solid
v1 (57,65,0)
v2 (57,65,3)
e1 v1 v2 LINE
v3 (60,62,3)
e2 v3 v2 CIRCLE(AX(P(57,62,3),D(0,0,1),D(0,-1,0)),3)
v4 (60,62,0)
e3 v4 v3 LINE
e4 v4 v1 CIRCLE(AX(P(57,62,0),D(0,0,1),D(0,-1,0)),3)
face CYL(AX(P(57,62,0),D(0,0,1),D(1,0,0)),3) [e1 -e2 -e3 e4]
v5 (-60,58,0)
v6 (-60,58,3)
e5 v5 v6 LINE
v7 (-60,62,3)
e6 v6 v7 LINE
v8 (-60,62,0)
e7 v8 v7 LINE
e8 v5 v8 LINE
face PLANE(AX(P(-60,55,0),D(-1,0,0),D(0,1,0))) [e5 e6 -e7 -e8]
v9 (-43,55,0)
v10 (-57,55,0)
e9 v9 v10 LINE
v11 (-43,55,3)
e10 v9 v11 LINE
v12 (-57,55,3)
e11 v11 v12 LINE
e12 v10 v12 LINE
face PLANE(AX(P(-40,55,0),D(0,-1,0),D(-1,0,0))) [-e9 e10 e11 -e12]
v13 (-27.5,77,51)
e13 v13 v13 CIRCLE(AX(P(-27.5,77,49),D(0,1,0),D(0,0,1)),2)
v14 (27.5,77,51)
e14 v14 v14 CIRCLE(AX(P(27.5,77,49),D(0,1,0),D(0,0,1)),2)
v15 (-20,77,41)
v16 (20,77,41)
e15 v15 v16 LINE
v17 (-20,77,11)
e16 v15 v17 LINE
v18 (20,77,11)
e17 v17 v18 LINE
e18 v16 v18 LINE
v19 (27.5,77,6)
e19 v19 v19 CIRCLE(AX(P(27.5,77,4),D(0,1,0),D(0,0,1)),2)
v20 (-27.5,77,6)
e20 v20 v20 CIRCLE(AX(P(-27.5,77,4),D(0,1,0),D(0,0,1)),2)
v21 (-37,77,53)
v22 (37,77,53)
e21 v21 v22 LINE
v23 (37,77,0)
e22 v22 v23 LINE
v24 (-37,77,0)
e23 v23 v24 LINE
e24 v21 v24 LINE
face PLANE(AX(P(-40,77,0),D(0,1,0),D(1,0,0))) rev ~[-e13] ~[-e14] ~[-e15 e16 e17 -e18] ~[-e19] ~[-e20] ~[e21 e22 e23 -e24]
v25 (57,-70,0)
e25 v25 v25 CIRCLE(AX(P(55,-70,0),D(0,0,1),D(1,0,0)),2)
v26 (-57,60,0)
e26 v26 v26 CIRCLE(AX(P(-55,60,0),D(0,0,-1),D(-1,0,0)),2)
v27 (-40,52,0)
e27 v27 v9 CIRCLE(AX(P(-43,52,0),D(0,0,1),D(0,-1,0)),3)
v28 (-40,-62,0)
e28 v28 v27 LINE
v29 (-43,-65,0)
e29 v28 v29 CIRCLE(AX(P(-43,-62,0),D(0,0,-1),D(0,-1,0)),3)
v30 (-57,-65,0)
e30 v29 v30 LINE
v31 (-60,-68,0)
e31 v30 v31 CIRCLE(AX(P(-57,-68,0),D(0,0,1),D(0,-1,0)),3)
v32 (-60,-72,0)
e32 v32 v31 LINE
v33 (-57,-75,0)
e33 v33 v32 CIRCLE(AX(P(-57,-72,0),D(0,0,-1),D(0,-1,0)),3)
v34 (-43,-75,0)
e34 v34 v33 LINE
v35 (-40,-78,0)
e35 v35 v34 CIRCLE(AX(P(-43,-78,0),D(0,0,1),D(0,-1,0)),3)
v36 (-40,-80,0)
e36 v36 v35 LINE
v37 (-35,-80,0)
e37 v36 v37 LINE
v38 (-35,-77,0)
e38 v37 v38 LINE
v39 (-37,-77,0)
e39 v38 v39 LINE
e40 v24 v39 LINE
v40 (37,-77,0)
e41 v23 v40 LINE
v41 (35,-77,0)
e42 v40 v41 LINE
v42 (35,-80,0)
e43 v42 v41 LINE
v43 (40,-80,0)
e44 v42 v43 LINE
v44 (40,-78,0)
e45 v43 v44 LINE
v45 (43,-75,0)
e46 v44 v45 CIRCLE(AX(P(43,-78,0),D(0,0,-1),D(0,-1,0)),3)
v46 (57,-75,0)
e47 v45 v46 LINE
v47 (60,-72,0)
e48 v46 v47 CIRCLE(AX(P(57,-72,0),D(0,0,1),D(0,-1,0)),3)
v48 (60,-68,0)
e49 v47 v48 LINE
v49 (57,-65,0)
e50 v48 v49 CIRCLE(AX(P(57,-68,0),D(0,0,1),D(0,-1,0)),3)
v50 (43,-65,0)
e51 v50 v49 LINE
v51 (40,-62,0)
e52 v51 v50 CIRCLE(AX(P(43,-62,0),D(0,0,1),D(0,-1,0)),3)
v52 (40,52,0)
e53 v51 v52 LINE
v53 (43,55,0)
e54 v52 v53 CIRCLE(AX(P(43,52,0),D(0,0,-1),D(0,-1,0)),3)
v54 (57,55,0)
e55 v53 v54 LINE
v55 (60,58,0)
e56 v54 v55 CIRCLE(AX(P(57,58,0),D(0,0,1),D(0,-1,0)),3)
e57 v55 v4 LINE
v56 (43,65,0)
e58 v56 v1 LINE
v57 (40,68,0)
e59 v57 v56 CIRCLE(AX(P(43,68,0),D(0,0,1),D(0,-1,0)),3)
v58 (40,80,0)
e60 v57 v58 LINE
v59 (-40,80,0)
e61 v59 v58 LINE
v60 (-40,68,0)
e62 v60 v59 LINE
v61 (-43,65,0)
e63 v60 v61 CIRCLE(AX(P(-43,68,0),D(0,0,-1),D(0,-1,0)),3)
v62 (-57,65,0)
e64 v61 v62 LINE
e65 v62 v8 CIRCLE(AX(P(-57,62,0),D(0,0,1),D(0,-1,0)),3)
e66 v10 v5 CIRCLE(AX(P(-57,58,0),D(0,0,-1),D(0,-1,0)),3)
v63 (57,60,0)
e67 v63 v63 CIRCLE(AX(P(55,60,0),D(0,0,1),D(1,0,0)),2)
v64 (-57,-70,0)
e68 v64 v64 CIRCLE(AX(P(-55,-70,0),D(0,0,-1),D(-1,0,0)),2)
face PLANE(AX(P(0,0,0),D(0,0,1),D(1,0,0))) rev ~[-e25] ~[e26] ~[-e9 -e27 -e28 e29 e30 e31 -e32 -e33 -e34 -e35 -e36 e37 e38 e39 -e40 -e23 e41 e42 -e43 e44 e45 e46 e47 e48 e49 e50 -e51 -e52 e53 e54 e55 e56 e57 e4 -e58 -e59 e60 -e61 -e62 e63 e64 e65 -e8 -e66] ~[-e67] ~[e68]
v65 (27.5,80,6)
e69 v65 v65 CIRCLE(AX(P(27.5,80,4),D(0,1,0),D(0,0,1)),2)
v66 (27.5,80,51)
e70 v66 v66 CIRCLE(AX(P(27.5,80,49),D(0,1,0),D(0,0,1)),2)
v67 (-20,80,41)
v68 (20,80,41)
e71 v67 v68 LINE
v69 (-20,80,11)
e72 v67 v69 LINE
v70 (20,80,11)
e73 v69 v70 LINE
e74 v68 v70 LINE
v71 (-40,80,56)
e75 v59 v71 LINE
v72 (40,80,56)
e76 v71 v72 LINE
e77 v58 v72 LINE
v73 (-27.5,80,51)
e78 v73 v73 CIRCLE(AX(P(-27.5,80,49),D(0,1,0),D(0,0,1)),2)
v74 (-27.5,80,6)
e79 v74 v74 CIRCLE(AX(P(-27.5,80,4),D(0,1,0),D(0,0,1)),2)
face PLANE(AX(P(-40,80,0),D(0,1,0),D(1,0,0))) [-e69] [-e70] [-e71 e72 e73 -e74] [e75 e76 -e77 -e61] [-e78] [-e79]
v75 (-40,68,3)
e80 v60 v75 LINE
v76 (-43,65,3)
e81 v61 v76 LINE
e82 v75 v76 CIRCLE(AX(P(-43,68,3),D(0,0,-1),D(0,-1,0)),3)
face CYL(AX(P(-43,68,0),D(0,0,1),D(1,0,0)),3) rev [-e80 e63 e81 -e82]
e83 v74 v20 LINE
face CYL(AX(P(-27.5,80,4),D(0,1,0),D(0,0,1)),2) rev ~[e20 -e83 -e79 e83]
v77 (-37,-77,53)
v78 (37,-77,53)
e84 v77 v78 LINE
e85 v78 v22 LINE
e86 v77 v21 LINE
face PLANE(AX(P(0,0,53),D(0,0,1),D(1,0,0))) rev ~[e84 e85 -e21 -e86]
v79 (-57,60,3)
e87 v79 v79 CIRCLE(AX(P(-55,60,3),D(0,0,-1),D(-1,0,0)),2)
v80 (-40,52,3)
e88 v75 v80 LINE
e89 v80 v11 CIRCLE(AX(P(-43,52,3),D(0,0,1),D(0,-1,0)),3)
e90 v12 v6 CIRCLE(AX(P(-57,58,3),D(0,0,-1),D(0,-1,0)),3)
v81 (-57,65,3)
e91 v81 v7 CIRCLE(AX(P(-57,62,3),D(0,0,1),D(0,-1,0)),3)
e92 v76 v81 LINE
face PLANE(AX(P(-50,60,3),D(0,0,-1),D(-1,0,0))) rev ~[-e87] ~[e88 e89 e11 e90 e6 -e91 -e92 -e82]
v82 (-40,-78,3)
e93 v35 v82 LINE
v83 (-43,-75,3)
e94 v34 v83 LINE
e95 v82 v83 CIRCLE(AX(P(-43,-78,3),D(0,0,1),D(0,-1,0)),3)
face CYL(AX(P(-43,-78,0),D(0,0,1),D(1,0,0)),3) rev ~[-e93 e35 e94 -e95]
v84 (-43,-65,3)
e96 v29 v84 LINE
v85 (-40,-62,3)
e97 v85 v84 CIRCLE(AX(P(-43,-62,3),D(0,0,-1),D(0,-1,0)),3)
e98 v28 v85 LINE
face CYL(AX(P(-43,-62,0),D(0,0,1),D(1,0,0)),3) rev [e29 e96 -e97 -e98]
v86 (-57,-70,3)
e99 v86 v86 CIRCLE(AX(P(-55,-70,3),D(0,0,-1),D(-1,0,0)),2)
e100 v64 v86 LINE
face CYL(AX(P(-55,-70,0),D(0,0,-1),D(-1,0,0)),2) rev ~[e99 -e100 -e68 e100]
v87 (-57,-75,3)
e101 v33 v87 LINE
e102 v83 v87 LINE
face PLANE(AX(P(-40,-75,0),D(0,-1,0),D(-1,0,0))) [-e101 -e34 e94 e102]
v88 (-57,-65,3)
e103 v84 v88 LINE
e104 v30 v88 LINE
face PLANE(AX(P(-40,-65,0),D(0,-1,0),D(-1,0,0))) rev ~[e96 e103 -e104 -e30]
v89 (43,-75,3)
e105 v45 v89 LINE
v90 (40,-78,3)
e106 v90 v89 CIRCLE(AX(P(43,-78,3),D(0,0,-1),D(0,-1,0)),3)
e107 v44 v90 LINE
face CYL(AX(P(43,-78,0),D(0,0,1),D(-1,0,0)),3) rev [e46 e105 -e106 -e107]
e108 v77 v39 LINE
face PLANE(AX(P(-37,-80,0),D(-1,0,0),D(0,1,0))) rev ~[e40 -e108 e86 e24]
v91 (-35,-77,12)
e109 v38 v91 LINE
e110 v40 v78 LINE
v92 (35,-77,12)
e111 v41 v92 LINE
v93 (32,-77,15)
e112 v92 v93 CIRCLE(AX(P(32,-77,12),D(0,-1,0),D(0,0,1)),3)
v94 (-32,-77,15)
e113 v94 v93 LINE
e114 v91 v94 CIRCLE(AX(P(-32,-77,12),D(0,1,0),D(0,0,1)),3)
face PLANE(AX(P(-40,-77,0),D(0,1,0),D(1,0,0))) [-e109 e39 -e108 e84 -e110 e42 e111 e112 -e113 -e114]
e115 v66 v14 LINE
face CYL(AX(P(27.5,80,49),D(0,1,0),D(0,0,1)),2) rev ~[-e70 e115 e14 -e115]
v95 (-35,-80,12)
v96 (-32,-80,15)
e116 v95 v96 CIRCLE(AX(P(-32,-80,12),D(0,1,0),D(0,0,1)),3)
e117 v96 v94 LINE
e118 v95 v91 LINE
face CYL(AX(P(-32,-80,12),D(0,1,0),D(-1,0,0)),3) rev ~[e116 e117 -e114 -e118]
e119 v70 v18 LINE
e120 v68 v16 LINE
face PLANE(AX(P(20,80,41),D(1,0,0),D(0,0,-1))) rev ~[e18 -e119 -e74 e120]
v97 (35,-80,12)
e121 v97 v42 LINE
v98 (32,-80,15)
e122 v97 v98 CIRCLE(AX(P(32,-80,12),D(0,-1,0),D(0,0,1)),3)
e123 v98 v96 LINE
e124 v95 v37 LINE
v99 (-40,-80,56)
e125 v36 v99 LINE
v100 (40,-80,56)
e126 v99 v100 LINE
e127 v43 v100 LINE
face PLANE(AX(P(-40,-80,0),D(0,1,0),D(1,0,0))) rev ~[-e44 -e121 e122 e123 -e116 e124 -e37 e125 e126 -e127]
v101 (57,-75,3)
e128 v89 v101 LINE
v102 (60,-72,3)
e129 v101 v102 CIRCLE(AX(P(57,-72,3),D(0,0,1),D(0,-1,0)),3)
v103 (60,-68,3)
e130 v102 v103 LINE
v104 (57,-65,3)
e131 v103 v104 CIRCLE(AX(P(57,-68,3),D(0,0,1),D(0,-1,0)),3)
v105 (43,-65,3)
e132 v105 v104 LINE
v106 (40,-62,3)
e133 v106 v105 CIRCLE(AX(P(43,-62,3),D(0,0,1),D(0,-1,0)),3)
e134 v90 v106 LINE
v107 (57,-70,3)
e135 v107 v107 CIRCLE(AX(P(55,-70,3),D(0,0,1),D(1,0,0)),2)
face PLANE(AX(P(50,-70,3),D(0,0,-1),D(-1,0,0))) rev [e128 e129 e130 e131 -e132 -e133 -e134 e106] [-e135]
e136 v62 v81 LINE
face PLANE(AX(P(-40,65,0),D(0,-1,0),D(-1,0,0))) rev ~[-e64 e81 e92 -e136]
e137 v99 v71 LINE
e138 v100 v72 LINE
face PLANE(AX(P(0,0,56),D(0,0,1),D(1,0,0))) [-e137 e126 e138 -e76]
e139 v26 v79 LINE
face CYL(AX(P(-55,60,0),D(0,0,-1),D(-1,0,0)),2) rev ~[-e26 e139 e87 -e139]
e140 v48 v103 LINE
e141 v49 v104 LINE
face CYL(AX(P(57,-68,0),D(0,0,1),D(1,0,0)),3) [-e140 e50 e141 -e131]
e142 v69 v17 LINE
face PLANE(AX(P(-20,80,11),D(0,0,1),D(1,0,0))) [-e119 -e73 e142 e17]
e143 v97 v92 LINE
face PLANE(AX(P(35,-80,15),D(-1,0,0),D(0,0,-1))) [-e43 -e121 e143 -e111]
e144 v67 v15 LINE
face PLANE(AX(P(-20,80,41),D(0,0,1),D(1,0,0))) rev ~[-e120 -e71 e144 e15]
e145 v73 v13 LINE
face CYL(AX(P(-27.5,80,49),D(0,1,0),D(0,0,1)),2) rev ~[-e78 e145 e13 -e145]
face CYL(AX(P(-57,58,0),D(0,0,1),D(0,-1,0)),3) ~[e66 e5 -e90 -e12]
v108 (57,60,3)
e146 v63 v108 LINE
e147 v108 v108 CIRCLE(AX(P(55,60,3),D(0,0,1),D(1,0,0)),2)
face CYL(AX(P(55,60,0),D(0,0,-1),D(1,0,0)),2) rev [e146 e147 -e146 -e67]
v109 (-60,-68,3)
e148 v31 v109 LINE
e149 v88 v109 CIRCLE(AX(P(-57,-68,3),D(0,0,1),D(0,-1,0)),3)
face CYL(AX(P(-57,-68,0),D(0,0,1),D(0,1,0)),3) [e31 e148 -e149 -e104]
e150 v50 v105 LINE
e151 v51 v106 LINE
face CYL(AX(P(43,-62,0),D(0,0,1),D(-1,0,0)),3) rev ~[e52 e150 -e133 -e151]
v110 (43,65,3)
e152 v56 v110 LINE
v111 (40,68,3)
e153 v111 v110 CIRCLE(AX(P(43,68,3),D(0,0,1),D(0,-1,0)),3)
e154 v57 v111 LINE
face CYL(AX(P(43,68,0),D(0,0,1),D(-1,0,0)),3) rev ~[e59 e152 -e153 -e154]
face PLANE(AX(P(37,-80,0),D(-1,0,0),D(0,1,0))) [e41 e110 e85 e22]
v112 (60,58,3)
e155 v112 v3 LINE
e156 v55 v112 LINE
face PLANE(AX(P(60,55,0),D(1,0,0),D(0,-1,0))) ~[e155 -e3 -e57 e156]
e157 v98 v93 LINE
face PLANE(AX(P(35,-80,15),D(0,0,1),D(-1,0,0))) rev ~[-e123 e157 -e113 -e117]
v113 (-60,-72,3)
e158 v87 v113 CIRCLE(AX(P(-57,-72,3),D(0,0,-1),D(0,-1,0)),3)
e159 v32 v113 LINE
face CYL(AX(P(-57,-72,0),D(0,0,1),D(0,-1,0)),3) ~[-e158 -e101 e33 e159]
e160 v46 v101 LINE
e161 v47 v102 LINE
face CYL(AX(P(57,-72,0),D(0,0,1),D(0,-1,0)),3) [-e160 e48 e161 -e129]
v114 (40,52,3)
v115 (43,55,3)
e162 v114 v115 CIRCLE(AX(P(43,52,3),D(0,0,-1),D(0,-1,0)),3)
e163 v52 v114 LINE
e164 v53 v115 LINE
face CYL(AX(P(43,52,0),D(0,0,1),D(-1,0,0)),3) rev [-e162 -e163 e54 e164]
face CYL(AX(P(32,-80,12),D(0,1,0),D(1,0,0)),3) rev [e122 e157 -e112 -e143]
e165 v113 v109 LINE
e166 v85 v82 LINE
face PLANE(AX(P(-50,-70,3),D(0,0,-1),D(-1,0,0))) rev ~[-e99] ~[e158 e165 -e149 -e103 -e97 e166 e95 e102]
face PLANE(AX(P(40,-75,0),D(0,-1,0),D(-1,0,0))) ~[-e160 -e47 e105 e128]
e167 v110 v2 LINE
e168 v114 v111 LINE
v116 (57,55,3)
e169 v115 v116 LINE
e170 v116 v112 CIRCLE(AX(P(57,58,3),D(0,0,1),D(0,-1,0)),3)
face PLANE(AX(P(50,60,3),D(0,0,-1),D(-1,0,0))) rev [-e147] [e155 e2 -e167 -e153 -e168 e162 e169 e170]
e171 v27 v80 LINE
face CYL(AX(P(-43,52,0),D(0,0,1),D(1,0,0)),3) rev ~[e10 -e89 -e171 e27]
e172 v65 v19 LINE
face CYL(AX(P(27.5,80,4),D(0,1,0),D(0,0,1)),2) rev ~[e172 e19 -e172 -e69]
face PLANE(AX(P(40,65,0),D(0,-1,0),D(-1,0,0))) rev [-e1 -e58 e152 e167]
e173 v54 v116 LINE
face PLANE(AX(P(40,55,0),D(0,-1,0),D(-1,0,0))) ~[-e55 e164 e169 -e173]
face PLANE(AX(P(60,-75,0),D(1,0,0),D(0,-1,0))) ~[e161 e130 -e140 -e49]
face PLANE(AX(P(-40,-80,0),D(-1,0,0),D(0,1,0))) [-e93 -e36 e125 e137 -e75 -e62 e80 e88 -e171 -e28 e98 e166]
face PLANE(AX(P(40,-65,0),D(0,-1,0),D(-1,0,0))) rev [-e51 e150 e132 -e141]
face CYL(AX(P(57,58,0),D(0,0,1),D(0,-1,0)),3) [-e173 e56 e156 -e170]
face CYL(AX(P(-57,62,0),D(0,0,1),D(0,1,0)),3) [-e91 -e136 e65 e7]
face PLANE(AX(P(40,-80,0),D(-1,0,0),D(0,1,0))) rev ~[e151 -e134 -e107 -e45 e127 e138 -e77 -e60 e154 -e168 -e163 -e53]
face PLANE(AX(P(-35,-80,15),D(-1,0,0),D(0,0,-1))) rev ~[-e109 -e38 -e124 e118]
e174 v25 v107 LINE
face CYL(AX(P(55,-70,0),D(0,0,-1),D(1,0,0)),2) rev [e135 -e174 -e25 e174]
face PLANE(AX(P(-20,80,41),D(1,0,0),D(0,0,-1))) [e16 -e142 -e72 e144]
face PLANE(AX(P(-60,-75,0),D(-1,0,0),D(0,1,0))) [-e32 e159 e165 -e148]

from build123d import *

# Parameters (mm, degrees)
SKETCH1_W           = 80
SKETCH1_H           = 160
BOSS_EXTRUDE1_DEPTH = 56
SHELL1_T            = -3
SKETCH2_W           = 40
SKETCH2_H           = 30
CUT_EXTRUDE1_DEPTH  = 70
SKETCH4_W           = 70
SKETCH4_H           = 15
CUT_EXTRUDE3_DEPTH  = 70
SKETCH5_W           = 20
SKETCH5_H           = 10
SKETCH5_R           = 2
BOSS_EXTRUDE2_DEPTH = 3
SKETCH6_R           = 2
CUT_EXTRUDE4_DEPTH  = 3
FILLET1_R           = 3


with BuildPart() as part:
    # Sketch1 → Boss-Extrude1 (new body)
    with BuildSketch(Plane.XY):
        Rectangle(SKETCH1_W, SKETCH1_H)
    extrude(amount=BOSS_EXTRUDE1_DEPTH)

    # Shell1
    shell1_openings = [part.faces().sort_by_distance(p)[0] for p in [
        (0, 0, 0),
    ]]
    offset(amount=SHELL1_T, openings=shell1_openings, kind=Kind.INTERSECTION)

    # Sketch2 → Cut-Extrude1 (cut)
    with BuildSketch(Plane(origin=(0, 80, 0), x_dir=(1, 0, 0), z_dir=(0, 1, 0))):
        with Locations((0, -26)):
            Rectangle(SKETCH2_W, SKETCH2_H)
    extrude(amount=-CUT_EXTRUDE1_DEPTH, mode=Mode.SUBTRACT)

    # Sketch4 → Cut-Extrude3 (cut)
    with BuildSketch(Plane(origin=(0, -80, 0), x_dir=(-1, 0, 0), z_dir=(0, -1, 0))):
        with Locations((0, -7.5)):
            Rectangle(SKETCH4_W, SKETCH4_H)
    extrude(amount=-CUT_EXTRUDE3_DEPTH, mode=Mode.SUBTRACT)

    # Sketch5 → Boss-Extrude2 (add)
    # profile 1 of 2: a face of its own
    with BuildSketch(Plane(origin=(0, 0, 0), x_dir=(-1, 0, 0), z_dir=(0, 0, -1))):
        with Locations((50, 60)):
            Rectangle(SKETCH5_W, SKETCH5_H)
        with Locations((55, 60)):
            Circle(SKETCH5_R, mode=Mode.SUBTRACT)
    # profile 2 of 2: a face of its own
    with BuildSketch(Plane(origin=(0, 0, 0), x_dir=(-1, 0, 0), z_dir=(0, 0, -1))):
        with Locations((50, -70)):
            Rectangle(SKETCH5_W, SKETCH5_H)
        with Locations((55, -70)):
            Circle(SKETCH5_R, mode=Mode.SUBTRACT)
    boss_extrude2 = extrude(amount=-BOSS_EXTRUDE2_DEPTH)

    # Mirror1: Boss-Extrude2 across plane
    add(boss_extrude2.mirror(Plane(origin=(0, 0, 0), x_dir=(0, 0, 1), z_dir=(1, 0, 0))))

    # Sketch6 → Cut-Extrude4 (cut)
    with BuildSketch(Plane(origin=(0, 80, 0), x_dir=(1, 0, 0), z_dir=(0, 1, 0))):
        with Locations(Location((-27.5, -4, 0), (0, 0, 270))):
            Circle(SKETCH6_R)
        with Locations(Location((27.5, -4, 0), (0, 0, 270))):
            Circle(SKETCH6_R)
        with Locations(Location((27.5, -49, 0), (0, 0, 270))):
            Circle(SKETCH6_R)
        with Locations(Location((-27.5, -49, 0), (0, 0, 270))):
            Circle(SKETCH6_R)
    extrude(amount=-CUT_EXTRUDE4_DEPTH, mode=Mode.SUBTRACT)

    # Fillet1
    fillet1_edges = [part.edges().sort_by_distance(p)[0] for p in [
        (40, 55, 1.5),
        (60, 55, 1.5),
        (60, 65, 1.5),
        (40, -65, 1.5),
        (40, -75, 1.5),
        (60, -75, 1.5),
        (60, -65, 1.5),
        (-35, -78.5, 15),
        (35, -78.5, 15),
        (-40, 55, 1.5),
        (-40, 65, 1.5),
        (-60, 65, 1.5),
        (-60, 55, 1.5),
        (-40, -75, 1.5),
        (-40, -65, 1.5),
        (-60, -65, 1.5),
        (-60, -75, 1.5),
        (40, 65, 1.5),
    ]]
    fillet(fillet1_edges, radius=FILLET1_R)


solid = part.part
